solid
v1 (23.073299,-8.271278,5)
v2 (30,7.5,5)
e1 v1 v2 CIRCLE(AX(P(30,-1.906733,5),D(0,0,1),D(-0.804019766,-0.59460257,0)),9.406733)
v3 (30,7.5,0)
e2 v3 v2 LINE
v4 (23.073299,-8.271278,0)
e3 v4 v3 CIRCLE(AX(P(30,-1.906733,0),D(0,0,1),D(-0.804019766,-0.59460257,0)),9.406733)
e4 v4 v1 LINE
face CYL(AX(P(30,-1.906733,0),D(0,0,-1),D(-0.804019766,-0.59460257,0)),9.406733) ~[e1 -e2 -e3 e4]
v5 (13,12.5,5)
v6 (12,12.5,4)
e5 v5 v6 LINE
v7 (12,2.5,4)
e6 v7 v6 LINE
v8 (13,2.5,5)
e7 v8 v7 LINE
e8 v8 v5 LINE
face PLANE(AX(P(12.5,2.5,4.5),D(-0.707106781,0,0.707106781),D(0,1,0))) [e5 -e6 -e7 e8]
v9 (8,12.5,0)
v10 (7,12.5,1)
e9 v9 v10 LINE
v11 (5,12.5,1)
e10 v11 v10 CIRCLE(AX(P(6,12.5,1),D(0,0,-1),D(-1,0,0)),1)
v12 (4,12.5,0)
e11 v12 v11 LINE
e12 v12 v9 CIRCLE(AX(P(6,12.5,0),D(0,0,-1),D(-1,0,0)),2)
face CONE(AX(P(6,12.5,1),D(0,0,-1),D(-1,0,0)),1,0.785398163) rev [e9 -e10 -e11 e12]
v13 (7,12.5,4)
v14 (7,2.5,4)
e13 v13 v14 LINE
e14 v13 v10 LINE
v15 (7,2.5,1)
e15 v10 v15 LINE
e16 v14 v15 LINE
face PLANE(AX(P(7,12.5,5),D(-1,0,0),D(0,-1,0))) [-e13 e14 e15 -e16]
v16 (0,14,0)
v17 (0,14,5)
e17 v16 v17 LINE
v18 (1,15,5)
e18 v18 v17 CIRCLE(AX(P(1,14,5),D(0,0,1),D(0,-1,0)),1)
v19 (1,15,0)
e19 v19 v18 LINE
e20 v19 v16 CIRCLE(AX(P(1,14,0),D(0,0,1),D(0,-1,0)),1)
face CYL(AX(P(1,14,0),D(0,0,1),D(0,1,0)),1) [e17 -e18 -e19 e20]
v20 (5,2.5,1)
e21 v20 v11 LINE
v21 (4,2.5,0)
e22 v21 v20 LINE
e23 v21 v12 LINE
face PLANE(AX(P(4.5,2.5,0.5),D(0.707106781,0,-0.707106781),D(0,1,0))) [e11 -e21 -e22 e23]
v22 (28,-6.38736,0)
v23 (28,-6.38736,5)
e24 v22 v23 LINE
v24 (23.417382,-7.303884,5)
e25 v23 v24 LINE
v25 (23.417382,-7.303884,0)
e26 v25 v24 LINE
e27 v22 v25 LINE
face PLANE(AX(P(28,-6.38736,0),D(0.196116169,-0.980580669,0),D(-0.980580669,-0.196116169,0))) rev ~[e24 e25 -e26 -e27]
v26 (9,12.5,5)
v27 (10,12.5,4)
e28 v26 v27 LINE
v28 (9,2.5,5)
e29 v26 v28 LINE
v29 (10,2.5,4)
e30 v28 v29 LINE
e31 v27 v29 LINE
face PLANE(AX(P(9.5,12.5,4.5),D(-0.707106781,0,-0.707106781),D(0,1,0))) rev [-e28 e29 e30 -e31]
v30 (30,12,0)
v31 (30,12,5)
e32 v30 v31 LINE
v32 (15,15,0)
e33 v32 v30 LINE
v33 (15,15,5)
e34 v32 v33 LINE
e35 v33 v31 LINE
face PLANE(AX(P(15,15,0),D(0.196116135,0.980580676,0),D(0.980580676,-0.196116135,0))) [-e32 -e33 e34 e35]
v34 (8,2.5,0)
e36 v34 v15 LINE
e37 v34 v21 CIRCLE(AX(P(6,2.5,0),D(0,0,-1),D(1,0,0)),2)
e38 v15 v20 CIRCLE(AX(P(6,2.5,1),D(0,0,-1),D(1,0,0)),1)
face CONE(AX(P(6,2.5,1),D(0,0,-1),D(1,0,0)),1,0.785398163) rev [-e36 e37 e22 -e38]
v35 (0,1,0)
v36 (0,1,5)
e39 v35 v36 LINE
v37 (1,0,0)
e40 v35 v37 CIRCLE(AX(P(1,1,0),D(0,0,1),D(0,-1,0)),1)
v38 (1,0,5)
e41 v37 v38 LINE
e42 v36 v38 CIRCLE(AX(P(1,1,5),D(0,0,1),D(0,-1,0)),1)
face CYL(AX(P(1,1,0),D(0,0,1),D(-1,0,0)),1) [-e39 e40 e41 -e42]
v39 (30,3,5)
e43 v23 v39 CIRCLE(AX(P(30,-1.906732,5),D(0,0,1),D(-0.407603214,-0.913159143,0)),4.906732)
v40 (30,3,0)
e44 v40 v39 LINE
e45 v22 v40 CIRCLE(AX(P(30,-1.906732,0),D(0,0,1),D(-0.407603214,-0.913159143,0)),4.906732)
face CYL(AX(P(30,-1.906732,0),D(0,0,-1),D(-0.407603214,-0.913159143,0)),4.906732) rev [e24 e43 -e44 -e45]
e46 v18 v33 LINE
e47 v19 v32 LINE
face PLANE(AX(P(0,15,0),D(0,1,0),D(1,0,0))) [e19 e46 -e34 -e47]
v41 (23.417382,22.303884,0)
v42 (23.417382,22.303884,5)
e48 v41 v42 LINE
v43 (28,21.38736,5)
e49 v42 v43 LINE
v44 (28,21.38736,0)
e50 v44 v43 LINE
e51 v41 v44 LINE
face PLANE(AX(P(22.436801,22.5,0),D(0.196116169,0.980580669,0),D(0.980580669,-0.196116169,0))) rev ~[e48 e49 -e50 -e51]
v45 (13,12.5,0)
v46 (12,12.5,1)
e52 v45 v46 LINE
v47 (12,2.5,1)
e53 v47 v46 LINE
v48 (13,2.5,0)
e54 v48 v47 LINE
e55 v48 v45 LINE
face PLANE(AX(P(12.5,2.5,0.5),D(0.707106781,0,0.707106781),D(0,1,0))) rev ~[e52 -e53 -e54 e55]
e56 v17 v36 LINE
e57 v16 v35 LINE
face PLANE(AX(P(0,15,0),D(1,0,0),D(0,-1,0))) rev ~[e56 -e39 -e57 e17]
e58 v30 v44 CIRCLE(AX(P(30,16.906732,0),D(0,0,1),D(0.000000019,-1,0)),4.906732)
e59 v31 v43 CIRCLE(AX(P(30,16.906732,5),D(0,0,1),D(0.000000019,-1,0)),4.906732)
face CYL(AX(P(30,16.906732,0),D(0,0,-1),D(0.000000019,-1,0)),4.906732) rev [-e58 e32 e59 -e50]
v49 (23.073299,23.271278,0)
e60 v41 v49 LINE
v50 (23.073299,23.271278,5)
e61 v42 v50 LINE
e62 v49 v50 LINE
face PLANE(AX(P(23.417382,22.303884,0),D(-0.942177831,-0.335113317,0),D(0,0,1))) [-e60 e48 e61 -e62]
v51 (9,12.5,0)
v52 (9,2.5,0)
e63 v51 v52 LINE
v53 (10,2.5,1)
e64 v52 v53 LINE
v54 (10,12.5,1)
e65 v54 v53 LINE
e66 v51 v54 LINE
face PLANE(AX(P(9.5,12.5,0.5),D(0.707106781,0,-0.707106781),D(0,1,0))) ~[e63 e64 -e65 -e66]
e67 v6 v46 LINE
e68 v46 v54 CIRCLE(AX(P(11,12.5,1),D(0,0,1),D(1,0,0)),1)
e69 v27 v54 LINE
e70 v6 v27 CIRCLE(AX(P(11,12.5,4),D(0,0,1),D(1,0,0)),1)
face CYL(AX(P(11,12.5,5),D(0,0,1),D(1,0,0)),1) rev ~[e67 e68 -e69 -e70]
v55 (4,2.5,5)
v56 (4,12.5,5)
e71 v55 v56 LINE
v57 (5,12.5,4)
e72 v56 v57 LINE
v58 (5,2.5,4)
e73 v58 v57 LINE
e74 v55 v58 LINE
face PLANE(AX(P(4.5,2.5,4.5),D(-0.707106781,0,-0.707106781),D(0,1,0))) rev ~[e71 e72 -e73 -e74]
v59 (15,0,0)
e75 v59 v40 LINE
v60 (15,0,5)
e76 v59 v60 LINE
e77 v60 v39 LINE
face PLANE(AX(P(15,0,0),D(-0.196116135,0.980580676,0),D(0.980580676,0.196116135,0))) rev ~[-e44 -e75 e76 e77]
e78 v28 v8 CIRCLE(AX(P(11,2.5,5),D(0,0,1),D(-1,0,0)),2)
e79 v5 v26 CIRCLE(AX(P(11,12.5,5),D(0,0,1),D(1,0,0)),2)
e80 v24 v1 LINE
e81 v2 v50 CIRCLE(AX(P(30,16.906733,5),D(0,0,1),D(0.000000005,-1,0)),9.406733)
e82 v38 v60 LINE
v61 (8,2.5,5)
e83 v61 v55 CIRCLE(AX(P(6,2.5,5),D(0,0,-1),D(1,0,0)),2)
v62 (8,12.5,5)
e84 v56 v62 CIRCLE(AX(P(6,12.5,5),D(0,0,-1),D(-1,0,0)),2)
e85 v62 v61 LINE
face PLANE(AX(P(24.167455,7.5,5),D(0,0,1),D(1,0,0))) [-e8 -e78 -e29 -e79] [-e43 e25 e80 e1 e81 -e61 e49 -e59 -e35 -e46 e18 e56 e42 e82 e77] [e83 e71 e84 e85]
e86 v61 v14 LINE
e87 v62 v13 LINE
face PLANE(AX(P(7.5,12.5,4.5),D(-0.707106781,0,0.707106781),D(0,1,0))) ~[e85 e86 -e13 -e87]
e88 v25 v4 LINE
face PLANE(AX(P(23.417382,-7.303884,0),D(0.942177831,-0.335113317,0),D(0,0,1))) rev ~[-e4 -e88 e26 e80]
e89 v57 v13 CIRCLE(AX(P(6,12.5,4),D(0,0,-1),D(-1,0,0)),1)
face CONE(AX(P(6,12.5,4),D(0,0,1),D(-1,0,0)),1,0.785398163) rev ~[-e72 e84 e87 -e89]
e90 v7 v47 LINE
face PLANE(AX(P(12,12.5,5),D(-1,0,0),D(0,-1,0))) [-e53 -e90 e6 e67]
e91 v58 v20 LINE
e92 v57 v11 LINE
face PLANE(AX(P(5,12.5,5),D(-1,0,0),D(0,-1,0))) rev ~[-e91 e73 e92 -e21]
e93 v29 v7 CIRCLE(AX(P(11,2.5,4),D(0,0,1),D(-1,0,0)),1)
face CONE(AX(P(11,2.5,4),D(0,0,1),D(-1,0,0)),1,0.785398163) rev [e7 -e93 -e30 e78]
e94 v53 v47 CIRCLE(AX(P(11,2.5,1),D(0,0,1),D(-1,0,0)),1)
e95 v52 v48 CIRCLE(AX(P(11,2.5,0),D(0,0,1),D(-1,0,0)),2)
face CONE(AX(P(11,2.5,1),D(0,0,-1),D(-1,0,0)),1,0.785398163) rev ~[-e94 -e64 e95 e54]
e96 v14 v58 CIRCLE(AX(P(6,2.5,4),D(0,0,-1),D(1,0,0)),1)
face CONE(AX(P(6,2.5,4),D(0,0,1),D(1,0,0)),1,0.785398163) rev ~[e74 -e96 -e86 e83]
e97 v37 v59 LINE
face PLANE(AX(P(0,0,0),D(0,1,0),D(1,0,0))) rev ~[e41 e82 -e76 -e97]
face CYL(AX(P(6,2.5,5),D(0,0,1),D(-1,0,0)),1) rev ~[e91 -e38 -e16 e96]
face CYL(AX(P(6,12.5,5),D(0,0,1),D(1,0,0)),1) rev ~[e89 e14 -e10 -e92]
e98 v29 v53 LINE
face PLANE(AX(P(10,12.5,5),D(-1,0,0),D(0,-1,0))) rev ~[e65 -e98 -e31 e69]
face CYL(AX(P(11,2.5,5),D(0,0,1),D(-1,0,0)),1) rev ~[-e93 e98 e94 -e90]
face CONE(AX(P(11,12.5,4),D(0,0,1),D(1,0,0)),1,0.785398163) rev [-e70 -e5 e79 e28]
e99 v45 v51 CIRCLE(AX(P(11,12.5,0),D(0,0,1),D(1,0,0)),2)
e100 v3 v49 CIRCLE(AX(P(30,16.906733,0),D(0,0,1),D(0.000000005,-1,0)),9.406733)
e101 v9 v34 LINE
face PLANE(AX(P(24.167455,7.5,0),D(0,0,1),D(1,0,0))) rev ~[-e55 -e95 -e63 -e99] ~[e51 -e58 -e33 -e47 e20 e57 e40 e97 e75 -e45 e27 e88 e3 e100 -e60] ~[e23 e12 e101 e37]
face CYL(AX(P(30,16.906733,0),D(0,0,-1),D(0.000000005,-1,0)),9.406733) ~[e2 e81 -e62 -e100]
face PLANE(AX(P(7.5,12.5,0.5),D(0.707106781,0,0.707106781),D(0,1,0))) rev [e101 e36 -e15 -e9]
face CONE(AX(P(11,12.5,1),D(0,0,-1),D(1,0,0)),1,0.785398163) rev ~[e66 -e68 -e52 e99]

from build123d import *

# Parameters (mm, degrees)
PAD_DEPTH    = 5
POCKET_DEPTH = 5
CHAMFER_SIZE = 1
FILLET_R     = 1


with BuildPart() as part:
    # Sketch → Pad (new body)
    with BuildSketch(Plane.XY):
        with BuildLine():
            Line((0, 15), (0, 0))
            Line((0, 0), (15, 0))
            Line((15, 0), (30, 3))
            ThreePointArc((28, -6.38736), (34.799024, -2.929176), (30, 3))
            Line((28, -6.38736), (22.436801, -7.5))
            ThreePointArc((22.436801, -7.5), (38.399434, -6.141839), (30, 7.5))
            ThreePointArc((30, 7.5), (38.399434, 21.141839), (22.436801, 22.5))
            Line((22.436801, 22.5), (28, 21.38736))
            ThreePointArc((30, 12), (34.799024, 17.929176), (28, 21.38736))
            Line((15, 15), (30, 12))
            Line((0, 15), (15, 15))
        make_face()
    extrude(amount=PAD_DEPTH)

    # Sketch001 (on Face13 of Pad) → Pocket (cut)
    with BuildSketch(Plane.XY.offset(5)):
        with BuildLine():
            ThreePointArc((7, 12.5), (6, 13.5), (5, 12.5))
            Line((5, 12.5), (5, 2.5))
            ThreePointArc((5, 2.5), (6, 1.5), (7, 2.5))
            Line((7, 12.5), (7, 2.5))
        make_face()
        with BuildLine():
            ThreePointArc((12, 12.5), (11, 13.5), (10, 12.5))
            Line((10, 12.5), (10, 2.5))
            ThreePointArc((10, 2.5), (11, 1.5), (12, 2.5))
            Line((12, 12.5), (12, 2.5))
        make_face()
    extrude(amount=-POCKET_DEPTH, mode=Mode.SUBTRACT)

    # Chamfer
    chamfer_edges = [part.edges().sort_by_distance(p)[0] for p in [
        (7, 7.5, 5),
        (10, 7.5, 5),
        (7, 7.5, 0),
        (10, 7.5, 0),
        (22.436801, 22.5, 2.5),
        (22.436801, -7.5, 2.5),
    ]]
    chamfer(chamfer_edges, length=CHAMFER_SIZE)

    # Fillet
    fillet_edges = [part.edges().sort_by_distance(p)[0] for p in [
        (0, 15, 2.5),
        (0, 0, 2.5),
    ]]
    fillet(fillet_edges, radius=FILLET_R)


solid = part.part
